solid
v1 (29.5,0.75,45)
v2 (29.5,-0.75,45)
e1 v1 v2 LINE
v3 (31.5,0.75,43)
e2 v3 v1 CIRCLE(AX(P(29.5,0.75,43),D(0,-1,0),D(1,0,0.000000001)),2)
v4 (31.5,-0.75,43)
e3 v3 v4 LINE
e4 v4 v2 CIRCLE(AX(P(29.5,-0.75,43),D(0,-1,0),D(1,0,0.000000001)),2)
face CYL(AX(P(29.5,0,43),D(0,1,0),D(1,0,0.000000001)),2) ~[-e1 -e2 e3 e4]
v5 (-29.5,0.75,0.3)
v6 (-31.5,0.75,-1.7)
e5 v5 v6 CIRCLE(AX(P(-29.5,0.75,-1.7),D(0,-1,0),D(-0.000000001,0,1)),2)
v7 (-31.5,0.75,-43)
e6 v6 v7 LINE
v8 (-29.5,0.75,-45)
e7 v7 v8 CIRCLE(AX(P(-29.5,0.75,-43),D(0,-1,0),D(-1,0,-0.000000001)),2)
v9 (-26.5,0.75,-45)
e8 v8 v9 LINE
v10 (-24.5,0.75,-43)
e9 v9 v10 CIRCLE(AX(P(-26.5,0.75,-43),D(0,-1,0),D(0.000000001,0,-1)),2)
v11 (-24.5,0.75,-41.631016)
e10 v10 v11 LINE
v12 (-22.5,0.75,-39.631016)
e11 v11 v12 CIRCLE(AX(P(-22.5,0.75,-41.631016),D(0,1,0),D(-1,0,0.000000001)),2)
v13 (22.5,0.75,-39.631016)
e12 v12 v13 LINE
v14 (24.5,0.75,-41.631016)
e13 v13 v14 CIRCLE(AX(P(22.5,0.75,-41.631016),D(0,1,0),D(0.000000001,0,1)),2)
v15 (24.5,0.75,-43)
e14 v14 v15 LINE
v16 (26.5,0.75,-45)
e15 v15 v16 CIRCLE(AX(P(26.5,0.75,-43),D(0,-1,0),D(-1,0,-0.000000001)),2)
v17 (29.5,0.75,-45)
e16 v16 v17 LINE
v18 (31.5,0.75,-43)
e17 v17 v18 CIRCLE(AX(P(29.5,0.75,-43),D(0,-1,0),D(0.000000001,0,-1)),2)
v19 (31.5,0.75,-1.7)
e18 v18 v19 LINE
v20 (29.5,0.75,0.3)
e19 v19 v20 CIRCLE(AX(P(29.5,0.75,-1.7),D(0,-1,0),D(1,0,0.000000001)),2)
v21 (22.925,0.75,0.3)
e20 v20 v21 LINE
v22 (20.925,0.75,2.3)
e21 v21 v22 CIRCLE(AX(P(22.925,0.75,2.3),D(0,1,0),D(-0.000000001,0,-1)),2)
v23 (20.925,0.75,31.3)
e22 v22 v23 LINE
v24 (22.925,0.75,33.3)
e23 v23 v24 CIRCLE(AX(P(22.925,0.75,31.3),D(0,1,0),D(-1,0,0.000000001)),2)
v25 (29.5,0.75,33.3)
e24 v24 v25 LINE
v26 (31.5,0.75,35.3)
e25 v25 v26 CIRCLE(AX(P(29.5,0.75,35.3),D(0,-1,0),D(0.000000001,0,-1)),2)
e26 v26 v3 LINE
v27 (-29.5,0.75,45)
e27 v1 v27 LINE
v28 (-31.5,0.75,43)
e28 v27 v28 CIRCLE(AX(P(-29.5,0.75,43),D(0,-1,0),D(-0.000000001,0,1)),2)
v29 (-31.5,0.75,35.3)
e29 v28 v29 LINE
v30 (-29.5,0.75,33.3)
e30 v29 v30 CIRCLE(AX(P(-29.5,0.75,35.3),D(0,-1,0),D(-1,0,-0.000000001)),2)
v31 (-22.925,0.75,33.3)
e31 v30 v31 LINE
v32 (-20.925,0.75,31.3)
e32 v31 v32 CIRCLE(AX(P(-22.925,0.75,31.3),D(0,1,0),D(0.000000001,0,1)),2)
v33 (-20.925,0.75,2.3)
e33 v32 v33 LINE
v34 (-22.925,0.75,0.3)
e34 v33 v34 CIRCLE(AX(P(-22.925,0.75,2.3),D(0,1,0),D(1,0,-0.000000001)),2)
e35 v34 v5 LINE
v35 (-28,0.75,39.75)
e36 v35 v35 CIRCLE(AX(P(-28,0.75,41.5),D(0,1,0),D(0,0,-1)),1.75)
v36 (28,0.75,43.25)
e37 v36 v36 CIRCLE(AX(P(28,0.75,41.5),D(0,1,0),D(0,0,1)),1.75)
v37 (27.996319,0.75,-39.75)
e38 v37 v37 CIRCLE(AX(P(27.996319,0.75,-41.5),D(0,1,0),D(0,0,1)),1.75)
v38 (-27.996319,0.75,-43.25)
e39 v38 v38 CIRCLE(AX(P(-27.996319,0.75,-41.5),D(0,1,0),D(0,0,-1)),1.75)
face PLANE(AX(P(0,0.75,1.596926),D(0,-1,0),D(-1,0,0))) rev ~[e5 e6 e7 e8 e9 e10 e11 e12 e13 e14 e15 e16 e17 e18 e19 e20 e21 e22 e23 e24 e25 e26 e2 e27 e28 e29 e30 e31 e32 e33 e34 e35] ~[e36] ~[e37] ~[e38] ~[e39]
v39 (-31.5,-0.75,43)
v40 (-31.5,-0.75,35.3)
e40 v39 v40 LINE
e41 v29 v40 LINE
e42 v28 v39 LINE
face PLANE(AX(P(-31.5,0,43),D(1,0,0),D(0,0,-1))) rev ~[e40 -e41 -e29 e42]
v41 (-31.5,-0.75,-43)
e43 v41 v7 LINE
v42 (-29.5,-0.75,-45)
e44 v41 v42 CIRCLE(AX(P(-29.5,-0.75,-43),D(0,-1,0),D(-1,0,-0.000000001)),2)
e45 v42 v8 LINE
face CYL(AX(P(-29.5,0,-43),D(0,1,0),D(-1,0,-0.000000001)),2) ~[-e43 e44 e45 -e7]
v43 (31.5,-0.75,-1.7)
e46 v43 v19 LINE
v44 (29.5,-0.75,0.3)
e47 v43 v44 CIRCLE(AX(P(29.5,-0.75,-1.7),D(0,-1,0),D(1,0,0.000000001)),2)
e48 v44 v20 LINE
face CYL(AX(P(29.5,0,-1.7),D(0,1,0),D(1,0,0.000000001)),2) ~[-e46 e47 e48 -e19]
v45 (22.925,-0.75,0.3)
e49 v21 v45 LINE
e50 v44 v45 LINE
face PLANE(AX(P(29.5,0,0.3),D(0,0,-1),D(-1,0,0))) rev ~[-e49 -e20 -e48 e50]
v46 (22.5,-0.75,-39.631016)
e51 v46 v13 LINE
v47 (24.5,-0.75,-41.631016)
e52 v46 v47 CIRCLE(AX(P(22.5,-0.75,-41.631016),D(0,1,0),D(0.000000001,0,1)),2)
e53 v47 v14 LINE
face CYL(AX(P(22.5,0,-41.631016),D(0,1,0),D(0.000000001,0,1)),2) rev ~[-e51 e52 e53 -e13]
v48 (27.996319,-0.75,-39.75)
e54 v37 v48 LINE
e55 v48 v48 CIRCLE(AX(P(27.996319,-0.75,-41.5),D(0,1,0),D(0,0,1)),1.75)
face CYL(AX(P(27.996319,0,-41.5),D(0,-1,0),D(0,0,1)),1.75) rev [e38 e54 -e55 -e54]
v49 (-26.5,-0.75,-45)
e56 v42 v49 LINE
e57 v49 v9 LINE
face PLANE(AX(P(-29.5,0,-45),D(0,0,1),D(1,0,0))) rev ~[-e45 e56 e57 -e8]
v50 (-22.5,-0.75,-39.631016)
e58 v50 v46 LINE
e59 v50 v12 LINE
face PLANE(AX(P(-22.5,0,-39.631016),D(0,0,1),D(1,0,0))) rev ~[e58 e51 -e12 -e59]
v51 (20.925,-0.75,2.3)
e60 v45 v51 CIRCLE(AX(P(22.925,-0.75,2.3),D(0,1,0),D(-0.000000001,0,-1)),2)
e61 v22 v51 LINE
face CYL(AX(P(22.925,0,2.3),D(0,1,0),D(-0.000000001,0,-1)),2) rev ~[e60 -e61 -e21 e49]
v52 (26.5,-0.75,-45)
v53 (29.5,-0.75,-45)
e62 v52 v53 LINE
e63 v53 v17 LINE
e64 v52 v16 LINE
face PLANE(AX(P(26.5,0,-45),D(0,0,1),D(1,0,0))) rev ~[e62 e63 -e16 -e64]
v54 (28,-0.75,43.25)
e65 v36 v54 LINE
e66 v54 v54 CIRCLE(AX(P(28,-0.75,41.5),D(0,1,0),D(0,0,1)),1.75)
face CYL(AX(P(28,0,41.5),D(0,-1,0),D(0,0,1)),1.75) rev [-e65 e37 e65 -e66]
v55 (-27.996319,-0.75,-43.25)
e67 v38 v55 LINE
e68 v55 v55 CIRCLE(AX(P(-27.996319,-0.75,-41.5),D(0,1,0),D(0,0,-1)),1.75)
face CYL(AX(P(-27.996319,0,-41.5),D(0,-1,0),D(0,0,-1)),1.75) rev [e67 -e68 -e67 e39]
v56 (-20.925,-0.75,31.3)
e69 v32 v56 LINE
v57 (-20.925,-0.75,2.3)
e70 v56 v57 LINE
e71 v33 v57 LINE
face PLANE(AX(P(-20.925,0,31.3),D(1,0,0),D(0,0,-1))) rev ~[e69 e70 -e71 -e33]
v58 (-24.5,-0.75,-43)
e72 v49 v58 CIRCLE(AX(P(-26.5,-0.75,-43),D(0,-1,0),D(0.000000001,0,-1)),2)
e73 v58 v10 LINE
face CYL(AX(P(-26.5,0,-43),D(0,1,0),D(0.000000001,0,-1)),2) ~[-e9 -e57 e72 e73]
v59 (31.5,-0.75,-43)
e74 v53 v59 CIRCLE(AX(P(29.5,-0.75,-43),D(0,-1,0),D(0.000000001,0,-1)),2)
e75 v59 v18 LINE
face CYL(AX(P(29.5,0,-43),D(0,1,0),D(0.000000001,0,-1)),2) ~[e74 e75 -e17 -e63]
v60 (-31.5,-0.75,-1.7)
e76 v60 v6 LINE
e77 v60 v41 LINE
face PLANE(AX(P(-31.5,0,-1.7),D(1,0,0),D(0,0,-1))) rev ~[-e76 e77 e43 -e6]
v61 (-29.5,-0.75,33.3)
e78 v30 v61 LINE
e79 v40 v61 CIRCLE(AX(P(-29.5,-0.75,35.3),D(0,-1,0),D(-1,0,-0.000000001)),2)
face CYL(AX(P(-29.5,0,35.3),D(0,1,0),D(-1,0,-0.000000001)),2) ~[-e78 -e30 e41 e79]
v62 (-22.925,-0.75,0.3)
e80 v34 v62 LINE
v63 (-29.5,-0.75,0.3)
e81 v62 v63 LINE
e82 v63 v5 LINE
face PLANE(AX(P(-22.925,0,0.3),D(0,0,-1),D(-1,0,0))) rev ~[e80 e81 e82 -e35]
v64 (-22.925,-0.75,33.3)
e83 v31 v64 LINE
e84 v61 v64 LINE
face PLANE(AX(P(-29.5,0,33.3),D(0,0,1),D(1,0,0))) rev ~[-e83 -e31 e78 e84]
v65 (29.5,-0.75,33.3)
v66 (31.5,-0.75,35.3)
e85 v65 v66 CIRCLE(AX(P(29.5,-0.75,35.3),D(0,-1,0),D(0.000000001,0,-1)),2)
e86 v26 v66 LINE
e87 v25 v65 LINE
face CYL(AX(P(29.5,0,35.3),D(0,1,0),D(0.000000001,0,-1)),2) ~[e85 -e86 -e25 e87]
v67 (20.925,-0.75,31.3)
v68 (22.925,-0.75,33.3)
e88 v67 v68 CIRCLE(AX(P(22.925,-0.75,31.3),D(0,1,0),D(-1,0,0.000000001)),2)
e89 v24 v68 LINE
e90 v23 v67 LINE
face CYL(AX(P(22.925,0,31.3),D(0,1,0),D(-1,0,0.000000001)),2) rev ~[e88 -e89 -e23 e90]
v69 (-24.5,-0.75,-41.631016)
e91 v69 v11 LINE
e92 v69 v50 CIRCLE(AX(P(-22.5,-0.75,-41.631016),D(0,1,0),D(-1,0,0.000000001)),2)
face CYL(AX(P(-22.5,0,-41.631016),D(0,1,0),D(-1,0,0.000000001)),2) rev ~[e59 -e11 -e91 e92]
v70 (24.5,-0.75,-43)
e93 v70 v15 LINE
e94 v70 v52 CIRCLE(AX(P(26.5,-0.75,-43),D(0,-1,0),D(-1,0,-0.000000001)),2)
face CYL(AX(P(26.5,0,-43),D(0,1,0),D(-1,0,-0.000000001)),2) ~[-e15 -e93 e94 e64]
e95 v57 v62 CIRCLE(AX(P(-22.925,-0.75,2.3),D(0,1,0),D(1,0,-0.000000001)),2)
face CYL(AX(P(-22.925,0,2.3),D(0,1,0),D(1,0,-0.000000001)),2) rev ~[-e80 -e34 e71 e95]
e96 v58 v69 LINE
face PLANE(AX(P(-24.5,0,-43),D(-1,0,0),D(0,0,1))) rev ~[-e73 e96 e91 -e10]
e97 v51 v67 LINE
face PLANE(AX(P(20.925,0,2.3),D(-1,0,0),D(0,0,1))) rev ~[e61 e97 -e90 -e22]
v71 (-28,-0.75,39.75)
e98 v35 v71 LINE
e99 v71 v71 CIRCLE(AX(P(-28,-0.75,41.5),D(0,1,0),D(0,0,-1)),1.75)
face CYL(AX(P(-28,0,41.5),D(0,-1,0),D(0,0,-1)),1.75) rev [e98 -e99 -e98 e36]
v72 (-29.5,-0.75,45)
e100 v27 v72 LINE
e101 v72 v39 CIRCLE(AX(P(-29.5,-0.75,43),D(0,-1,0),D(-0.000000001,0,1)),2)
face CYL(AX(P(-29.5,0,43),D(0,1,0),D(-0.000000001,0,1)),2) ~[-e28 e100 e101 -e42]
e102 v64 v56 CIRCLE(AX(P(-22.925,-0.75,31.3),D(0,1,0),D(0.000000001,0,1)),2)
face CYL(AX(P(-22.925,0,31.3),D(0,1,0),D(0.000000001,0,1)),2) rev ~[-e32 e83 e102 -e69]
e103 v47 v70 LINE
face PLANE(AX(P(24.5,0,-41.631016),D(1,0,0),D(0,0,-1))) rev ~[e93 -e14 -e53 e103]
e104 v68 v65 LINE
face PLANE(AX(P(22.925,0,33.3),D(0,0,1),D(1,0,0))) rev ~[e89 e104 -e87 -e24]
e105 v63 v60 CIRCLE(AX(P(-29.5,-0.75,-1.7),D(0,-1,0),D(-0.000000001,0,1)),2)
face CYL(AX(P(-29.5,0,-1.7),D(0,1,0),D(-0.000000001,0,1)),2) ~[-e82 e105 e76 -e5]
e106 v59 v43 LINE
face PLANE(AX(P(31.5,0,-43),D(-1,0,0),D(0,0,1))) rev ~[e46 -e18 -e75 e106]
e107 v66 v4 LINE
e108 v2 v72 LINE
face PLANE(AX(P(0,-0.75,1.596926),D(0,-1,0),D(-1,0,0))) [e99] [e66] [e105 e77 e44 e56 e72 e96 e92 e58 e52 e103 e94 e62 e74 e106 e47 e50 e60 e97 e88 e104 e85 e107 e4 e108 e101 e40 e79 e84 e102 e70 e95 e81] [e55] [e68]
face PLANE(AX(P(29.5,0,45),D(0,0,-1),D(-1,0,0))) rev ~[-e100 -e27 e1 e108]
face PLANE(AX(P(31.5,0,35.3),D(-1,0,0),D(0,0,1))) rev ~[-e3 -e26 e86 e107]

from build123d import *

# Parameters (mm, degrees)
SKETCH1_R           = 1.75
BOSS_EXTRUDE1_DEPTH = 0.75


with BuildPart() as part:
    # Sketch1 → Boss-Extrude1 (new, symmetric)
    with BuildSketch(Plane(origin=(0, 0, 0), x_dir=(1, 0, 0), z_dir=(0, 1, 0))):
        with BuildLine():
            Line((29.5, -0.3), (22.925, -0.3))
            ThreePointArc((22.925, -0.3), (21.510786438, -0.885786438), (20.925, -2.3))
            Line((20.925, -2.3), (20.925, -31.3))
            ThreePointArc((20.925, -31.3), (21.510786438, -32.714213562), (22.925, -33.3))
            Line((22.925, -33.3), (29.5, -33.3))
            ThreePointArc((29.5, -33.3), (30.914213562, -33.885786438), (31.5, -35.3))
            Line((31.5, -35.3), (31.5, -43))
            ThreePointArc((31.5, -43), (30.914213562, -44.414213562), (29.5, -45))
            Line((29.5, -45), (-29.5, -45))
            ThreePointArc((-29.5, -45), (-30.914213562, -44.414213562), (-31.5, -43))
            Line((-31.5, -43), (-31.5, -35.3))
            ThreePointArc((-31.5, -35.3), (-30.914213562, -33.885786438), (-29.5, -33.3))
            Line((-29.5, -33.3), (-22.925, -33.3))
            ThreePointArc((-22.925, -33.3), (-21.510786438, -32.714213562), (-20.925, -31.3))
            Line((-20.925, -31.3), (-20.925, -2.3))
            ThreePointArc((-20.925, -2.3), (-21.510786438, -0.885786438), (-22.925, -0.3))
            Line((-22.925, -0.3), (-29.5, -0.3))
            ThreePointArc((-29.5, -0.3), (-30.914213562, 0.285786438), (-31.5, 1.7))
            Line((-31.5, 1.7), (-31.5, 43))
            ThreePointArc((-31.5, 43), (-30.914213562, 44.414213562), (-29.5, 45))
            Line((-29.5, 45), (-26.5, 45))
            ThreePointArc((-26.5, 45), (-25.085786438, 44.414213562), (-24.5, 43))
            Line((-24.5, 43), (-24.5, 41.631016383))
            ThreePointArc((-24.5, 41.631016383), (-23.914213562, 40.216802821), (-22.5, 39.631016383))
            Line((-22.5, 39.631016383), (22.5, 39.631016383))
            ThreePointArc((22.5, 39.631016383), (23.914213562, 40.216802821), (24.5, 41.631016383))
            Line((24.5, 41.631016383), (24.5, 43))
            ThreePointArc((24.5, 43), (25.085786438, 44.414213562), (26.5, 45))
            Line((26.5, 45), (29.5, 45))
            ThreePointArc((29.5, 45), (30.914213562, 44.414213562), (31.5, 43))
            Line((31.5, 43), (31.5, 1.7))
            ThreePointArc((31.5, 1.7), (30.914213562, 0.285786438), (29.5, -0.3))
        make_face()
        with Locations(Location((27.996318987, 41.5, 0), (0, 0, 270))):
            Circle(SKETCH1_R, mode=Mode.SUBTRACT)
        with Locations(Location((-27.996318987, 41.5, 0), (0, 0, 90))):
            Circle(SKETCH1_R, mode=Mode.SUBTRACT)
        with Locations(Location((28, -41.5, 0), (0, 0, 270))):
            Circle(SKETCH1_R, mode=Mode.SUBTRACT)
        with Locations(Location((-28, -41.5, 0), (0, 0, 90))):
            Circle(SKETCH1_R, mode=Mode.SUBTRACT)
    extrude(amount=BOSS_EXTRUDE1_DEPTH, both=True)


solid = part.part
